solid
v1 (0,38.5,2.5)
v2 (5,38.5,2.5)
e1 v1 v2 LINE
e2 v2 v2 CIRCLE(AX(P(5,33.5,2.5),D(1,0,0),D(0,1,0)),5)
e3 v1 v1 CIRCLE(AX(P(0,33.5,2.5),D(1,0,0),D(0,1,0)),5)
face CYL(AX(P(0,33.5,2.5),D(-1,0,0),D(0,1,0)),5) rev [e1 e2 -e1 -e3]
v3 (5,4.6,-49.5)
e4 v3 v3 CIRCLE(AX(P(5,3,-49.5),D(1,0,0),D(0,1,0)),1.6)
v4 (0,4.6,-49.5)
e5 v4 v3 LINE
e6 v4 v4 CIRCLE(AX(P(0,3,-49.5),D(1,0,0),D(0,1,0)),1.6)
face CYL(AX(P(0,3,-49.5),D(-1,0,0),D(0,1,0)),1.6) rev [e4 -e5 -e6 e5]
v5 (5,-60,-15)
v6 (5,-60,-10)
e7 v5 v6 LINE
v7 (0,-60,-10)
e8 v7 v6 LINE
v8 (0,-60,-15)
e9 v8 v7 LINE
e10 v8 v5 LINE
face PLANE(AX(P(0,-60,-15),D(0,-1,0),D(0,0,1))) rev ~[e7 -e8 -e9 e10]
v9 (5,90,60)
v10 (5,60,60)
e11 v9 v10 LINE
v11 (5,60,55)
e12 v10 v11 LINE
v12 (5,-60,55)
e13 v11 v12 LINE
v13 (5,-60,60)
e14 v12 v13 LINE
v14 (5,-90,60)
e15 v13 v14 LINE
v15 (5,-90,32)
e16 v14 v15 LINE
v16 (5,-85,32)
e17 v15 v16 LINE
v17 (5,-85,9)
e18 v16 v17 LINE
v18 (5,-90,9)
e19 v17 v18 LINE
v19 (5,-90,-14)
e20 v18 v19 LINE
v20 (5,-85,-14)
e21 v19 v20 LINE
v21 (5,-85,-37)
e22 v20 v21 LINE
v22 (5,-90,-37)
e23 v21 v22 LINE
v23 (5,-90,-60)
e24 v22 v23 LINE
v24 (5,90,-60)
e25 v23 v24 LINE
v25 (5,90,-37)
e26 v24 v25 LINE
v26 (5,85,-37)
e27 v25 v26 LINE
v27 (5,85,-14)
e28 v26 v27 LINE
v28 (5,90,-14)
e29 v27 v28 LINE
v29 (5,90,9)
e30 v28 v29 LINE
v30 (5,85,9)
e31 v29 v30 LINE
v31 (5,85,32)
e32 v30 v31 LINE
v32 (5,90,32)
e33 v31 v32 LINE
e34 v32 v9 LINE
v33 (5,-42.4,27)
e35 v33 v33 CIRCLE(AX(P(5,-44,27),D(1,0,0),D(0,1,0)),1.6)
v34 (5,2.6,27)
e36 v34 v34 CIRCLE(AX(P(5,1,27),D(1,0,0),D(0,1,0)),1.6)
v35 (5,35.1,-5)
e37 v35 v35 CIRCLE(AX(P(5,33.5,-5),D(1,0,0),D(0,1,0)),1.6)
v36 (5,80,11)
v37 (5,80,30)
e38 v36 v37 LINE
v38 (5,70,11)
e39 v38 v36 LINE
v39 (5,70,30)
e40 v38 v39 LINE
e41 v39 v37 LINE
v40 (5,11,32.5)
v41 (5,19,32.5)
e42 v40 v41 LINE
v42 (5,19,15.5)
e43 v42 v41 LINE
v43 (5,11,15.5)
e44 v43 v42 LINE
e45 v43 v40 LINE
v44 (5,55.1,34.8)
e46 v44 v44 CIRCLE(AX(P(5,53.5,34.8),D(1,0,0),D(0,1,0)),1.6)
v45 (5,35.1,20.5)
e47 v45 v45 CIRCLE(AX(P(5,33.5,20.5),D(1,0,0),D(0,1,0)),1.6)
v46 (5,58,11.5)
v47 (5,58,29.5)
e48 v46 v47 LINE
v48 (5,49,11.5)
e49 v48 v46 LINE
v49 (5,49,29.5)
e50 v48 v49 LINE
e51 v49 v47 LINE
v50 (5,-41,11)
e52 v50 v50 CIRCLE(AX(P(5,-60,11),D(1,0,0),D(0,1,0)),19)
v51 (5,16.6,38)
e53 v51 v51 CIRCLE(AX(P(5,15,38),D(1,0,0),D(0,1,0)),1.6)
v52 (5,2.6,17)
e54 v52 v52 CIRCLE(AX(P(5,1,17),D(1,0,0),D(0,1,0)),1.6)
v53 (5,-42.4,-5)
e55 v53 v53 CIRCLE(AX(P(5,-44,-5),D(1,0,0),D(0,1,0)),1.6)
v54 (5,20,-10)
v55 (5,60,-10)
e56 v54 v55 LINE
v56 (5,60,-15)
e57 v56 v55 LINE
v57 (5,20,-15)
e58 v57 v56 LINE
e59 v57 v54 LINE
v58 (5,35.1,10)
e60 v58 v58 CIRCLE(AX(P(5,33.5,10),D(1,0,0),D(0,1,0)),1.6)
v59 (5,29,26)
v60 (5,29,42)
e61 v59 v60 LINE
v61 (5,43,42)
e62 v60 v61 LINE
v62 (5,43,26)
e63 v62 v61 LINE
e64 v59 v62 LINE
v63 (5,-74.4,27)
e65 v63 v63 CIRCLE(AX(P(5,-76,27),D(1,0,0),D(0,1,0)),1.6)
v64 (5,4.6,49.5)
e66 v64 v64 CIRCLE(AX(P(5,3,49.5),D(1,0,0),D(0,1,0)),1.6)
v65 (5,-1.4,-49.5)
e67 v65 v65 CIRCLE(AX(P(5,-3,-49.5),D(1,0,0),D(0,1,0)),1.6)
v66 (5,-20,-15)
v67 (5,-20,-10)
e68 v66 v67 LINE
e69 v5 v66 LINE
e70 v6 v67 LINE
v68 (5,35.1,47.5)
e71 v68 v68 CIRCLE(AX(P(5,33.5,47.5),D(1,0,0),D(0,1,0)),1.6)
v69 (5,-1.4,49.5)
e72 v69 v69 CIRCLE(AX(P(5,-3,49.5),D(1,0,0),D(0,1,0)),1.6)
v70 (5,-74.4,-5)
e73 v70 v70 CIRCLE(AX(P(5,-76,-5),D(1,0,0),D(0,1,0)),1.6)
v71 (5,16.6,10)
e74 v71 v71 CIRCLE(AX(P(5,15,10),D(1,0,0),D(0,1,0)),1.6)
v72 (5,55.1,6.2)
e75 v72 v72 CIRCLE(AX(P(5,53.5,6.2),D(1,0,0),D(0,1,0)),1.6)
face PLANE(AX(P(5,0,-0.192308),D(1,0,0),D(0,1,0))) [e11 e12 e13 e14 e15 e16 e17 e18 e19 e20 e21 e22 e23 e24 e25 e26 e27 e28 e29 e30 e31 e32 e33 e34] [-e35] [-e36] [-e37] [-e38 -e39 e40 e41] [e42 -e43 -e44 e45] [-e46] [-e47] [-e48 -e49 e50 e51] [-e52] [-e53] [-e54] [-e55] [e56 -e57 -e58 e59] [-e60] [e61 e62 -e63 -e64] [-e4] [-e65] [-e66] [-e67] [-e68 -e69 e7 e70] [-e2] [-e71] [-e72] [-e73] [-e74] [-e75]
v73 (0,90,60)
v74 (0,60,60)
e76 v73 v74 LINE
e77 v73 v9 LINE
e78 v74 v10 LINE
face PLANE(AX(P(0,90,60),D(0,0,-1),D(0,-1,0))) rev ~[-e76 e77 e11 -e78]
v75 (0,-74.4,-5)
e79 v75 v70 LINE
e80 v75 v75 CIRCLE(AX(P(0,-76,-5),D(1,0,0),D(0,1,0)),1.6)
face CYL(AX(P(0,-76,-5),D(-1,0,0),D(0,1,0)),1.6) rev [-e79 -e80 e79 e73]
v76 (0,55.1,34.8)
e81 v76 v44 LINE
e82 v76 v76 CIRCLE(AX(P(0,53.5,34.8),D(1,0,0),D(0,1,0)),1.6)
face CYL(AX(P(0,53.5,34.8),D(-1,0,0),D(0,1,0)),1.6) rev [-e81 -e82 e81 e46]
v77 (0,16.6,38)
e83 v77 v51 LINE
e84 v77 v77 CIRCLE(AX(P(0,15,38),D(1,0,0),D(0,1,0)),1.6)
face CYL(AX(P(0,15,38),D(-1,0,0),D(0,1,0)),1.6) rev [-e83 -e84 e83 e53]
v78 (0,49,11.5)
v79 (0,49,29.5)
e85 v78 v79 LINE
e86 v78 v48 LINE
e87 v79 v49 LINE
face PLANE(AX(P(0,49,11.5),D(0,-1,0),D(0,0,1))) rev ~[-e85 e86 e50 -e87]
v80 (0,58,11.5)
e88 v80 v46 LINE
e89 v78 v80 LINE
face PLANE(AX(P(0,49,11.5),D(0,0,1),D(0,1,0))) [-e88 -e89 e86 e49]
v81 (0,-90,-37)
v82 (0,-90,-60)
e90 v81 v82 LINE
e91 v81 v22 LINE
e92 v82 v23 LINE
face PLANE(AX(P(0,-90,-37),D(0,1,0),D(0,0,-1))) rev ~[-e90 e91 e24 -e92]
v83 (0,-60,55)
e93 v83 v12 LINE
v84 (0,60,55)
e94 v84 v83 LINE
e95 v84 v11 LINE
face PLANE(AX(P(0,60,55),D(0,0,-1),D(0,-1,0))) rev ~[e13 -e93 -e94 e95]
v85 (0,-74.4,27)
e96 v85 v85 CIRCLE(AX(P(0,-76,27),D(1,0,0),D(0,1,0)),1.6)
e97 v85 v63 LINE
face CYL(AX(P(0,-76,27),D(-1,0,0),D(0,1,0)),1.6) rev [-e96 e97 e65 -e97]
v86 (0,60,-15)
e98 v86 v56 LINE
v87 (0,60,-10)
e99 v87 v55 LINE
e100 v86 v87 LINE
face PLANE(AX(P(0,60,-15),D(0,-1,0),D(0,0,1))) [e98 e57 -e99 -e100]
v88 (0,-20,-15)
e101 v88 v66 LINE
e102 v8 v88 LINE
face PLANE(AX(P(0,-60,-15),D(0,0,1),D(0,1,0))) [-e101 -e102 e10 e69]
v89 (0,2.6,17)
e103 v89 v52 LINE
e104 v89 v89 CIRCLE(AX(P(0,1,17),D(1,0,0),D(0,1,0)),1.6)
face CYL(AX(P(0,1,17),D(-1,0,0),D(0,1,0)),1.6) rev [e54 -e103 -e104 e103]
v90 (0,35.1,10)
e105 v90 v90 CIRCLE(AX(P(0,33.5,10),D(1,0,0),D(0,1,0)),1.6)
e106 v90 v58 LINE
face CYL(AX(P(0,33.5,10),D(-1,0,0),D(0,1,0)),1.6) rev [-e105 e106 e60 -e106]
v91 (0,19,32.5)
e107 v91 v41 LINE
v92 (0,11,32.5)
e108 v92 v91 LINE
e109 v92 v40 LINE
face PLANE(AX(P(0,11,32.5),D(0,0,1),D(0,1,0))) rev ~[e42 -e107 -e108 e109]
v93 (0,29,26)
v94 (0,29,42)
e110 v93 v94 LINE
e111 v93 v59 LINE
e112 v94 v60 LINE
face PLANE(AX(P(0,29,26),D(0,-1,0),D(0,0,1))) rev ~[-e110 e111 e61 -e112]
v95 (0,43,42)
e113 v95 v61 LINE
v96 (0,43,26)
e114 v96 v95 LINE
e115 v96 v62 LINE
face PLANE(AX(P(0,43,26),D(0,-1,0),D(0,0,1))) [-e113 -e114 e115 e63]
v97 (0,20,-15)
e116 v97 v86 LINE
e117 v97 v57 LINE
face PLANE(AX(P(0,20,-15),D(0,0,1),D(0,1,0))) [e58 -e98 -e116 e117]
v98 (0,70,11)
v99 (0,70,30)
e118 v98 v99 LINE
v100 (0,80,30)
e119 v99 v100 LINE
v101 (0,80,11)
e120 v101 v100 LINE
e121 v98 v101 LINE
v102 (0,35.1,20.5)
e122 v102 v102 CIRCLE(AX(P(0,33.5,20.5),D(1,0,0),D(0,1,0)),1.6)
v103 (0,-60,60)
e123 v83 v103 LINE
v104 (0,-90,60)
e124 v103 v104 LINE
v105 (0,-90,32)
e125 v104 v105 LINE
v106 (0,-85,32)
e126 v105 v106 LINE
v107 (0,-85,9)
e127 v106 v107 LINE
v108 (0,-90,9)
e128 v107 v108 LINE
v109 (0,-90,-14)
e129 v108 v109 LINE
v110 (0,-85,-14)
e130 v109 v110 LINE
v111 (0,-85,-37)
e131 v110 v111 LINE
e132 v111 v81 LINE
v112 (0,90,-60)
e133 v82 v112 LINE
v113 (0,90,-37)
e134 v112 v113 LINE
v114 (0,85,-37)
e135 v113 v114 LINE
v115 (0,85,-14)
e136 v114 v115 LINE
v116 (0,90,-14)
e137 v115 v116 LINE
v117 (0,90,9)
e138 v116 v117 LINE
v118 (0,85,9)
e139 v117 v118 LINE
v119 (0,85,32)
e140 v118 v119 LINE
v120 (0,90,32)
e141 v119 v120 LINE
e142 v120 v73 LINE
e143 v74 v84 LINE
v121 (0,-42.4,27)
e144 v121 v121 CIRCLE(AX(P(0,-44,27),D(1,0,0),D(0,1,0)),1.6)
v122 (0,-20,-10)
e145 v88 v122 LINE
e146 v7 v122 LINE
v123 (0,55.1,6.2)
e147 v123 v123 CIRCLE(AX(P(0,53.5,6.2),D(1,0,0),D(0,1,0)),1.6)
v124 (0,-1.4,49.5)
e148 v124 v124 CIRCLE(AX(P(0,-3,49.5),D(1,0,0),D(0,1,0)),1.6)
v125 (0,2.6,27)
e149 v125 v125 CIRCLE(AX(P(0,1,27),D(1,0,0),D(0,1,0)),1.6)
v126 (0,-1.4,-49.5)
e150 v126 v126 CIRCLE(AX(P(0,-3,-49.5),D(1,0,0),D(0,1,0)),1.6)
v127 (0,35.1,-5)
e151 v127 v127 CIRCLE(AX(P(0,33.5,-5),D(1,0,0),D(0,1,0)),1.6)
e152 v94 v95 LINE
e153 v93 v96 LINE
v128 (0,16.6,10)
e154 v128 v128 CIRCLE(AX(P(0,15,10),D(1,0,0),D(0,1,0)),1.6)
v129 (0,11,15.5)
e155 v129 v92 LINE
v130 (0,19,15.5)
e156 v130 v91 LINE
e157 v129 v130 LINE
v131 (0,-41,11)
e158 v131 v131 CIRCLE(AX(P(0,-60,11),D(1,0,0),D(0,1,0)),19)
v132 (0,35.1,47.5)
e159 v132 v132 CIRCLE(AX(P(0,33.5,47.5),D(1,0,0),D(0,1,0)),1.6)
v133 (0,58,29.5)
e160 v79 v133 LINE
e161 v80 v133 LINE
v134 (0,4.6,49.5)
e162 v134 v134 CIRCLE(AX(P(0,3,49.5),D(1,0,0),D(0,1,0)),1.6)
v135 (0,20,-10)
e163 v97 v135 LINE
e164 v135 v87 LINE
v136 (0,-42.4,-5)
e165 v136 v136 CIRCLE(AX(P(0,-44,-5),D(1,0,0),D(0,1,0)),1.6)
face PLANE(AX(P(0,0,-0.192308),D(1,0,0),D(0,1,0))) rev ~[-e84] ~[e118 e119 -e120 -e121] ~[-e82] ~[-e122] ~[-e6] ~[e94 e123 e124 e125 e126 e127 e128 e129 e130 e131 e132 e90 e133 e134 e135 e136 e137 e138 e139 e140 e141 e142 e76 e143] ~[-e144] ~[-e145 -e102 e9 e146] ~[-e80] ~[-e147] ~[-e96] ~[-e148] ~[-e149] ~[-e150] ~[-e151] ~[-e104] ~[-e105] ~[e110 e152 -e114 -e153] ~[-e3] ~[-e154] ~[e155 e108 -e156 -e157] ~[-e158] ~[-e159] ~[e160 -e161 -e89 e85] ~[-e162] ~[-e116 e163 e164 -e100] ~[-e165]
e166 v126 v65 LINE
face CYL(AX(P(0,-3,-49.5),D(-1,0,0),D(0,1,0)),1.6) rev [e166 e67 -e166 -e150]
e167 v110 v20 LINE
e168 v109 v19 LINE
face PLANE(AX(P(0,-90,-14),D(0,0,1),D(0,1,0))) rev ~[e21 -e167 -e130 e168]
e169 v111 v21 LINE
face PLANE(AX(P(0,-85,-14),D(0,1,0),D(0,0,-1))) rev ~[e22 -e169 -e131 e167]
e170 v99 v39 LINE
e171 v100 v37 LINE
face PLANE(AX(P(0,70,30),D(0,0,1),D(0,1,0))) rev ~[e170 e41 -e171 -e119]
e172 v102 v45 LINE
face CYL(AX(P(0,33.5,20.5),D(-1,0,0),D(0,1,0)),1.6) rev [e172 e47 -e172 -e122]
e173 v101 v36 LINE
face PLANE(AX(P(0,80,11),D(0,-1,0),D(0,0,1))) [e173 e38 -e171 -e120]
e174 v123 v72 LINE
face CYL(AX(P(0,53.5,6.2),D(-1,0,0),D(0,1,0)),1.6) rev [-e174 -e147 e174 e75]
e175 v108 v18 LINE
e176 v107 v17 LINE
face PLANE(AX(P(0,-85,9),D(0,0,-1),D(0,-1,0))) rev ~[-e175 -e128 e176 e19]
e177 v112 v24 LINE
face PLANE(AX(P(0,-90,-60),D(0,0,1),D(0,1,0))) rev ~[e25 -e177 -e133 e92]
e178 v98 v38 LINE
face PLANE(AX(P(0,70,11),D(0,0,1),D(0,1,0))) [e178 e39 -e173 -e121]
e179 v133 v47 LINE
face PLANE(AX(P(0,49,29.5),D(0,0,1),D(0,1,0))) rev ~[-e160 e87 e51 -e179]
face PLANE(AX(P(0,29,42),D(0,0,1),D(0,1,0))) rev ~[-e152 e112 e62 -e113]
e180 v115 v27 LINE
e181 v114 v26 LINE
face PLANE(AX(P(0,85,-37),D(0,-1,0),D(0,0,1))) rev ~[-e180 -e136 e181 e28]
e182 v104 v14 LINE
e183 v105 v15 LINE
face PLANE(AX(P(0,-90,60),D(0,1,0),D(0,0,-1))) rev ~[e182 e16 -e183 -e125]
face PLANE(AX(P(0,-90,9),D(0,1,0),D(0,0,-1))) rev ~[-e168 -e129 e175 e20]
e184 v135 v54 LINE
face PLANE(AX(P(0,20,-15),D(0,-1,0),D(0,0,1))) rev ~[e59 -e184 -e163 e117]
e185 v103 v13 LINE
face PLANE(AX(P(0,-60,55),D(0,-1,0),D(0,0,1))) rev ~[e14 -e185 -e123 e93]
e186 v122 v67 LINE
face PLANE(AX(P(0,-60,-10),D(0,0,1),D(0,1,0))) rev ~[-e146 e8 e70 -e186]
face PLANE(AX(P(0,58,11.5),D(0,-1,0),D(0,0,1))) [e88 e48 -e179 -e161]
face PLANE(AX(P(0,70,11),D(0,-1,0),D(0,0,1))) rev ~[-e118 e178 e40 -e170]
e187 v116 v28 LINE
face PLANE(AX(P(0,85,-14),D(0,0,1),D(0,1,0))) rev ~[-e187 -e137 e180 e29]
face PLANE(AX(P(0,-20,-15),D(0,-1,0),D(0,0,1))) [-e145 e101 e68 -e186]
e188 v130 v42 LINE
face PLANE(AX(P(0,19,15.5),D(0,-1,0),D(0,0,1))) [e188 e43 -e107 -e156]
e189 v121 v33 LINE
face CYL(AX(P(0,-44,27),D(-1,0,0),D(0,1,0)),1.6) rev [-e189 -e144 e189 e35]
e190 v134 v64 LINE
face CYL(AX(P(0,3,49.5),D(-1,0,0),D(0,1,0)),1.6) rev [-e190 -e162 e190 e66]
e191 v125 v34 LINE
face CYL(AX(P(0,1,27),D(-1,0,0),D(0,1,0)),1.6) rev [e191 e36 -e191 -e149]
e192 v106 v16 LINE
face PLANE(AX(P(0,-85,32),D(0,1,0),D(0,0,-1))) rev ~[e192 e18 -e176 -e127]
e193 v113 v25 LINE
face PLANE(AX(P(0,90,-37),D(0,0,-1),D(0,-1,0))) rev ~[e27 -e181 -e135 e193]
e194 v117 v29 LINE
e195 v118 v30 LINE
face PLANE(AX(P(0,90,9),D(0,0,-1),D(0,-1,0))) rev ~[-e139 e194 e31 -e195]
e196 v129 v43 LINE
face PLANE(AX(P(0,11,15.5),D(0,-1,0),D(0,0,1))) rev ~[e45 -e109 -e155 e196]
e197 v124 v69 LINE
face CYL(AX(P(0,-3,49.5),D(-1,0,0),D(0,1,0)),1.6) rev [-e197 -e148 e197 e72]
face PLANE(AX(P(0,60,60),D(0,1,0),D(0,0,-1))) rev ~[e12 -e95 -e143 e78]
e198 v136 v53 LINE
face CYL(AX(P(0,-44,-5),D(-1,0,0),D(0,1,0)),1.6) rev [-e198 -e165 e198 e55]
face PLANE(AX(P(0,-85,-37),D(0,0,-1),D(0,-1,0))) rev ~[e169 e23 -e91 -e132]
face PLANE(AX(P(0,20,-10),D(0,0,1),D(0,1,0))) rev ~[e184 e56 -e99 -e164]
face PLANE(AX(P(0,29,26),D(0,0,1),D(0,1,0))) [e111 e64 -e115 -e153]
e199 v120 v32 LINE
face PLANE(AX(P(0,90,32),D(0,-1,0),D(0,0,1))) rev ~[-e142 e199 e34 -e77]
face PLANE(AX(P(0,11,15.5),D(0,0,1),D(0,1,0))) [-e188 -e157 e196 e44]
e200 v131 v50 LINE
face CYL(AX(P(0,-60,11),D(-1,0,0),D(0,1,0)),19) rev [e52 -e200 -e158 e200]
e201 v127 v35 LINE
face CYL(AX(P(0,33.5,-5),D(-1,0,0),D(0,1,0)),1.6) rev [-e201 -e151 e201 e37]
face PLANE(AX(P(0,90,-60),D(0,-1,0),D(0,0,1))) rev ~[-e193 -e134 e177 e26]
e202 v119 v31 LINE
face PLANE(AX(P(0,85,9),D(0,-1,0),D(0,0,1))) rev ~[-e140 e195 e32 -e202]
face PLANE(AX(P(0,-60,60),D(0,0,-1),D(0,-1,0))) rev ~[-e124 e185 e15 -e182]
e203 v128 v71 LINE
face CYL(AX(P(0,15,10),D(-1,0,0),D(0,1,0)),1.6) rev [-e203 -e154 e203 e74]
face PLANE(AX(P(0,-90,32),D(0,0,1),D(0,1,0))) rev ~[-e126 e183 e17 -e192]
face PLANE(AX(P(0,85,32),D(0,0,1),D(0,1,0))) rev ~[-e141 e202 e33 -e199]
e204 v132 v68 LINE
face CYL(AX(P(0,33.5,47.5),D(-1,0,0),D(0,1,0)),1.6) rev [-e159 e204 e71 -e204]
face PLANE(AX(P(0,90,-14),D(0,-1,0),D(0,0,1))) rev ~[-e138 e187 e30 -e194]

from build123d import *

# Parameters (mm, degrees)
F0_R     = 1.6
F0_W     = 40
F0_H     = 5
F0_W_2   = 10
F0_H_2   = 19
F7_DEPTH = 5
F1_R     = 1.6
F1_W     = 9
F1_H     = 18
F2_R     = 1.6
F2_W     = 14
F2_H     = 16
F3_R     = 1.6
F3_R_2   = 5
F4_R     = 19
F4_R_2   = 1.6
F5_W     = 8
F5_H     = 17
F5_R     = 1.6
F6_R     = 1.6
F8_DEPTH = 5


with BuildPart() as f7:
    # F0 (on Right) → F7 (new body)
    with BuildSketch(Plane.YZ):
        Polygon((90, 32), (90, 60), (60, 60), (60, 55), (-60, 55), (-60, 60), (-90, 60), (-90, 32), (-85, 32), (-85, 9), (-90, 9), (-90, -14), (-85, -14), (-85, -37), (-90, -37), (-90, -60), (90, -60), (90, -37), (85, -37), (85, -23.46749), (85, -14), (90, -14), (90, 9), (85, 9), (85, 32), align=None)
        with Locations((-3, -49.5)):
            Circle(F0_R, mode=Mode.SUBTRACT)
        with Locations((-40, -12.5)):
            Rectangle(F0_W, F0_H, mode=Mode.SUBTRACT)
        with Locations((3, -49.5)):
            Circle(F0_R, mode=Mode.SUBTRACT)
        with Locations((40, -12.5)):
            Rectangle(F0_W, F0_H, mode=Mode.SUBTRACT)
        with Locations((-3, 49.5)):
            Circle(F0_R, mode=Mode.SUBTRACT)
        with Locations((75, 20.5)):
            Rectangle(F0_W_2, F0_H_2, mode=Mode.SUBTRACT)
        with Locations((3, 49.5)):
            Circle(F0_R, mode=Mode.SUBTRACT)
    extrude(amount=F7_DEPTH)

    # F1 (on face) + F2 (on face) + F3 (on face) + F4 (on face) + F5 (on face) + F6 (on face) → F8 (cut)
    with BuildSketch(Plane.YZ):
        with Locations((53.5, 34.8)):
            Circle(F1_R)
        with Locations((53.5, 6.2)):
            Circle(F1_R)
        with Locations((53.5, 20.5)):
            Rectangle(F1_W, F1_H)
    with BuildSketch(Plane.YZ):
        with Locations((33.5, 47.5)):
            Circle(F2_R)
        with Locations((33.5, 20.5)):
            Circle(F2_R)
        with Locations((36, 34)):
            Rectangle(F2_W, F2_H)
    with BuildSketch(Plane.YZ):
        with Locations((33.5, 10)):
            Circle(F3_R)
        with Locations((33.5, -5)):
            Circle(F3_R)
        with Locations((33.5, 2.5)):
            Circle(F3_R_2)
    with BuildSketch(Plane.YZ):
        with Locations((-60, 11)):
            Circle(F4_R)
        with Locations((-44, 27)):
            Circle(F4_R_2)
        with Locations((-76, 27)):
            Circle(F4_R_2)
        with Locations((-76, -5)):
            Circle(F4_R_2)
        with Locations((-44, -5)):
            Circle(F4_R_2)
    with BuildSketch(Plane.YZ):
        with Locations((15, 24)):
            Rectangle(F5_W, F5_H)
        with Locations((15, 38)):
            Circle(F5_R)
        with Locations((15, 10)):
            Circle(F5_R)
    with BuildSketch(Plane.YZ):
        with Locations((1, 17)):
            Circle(F6_R)
        with Locations((1, 27)):
            Circle(F6_R)
    extrude(amount=F8_DEPTH, mode=Mode.SUBTRACT)


solid = f7.part
